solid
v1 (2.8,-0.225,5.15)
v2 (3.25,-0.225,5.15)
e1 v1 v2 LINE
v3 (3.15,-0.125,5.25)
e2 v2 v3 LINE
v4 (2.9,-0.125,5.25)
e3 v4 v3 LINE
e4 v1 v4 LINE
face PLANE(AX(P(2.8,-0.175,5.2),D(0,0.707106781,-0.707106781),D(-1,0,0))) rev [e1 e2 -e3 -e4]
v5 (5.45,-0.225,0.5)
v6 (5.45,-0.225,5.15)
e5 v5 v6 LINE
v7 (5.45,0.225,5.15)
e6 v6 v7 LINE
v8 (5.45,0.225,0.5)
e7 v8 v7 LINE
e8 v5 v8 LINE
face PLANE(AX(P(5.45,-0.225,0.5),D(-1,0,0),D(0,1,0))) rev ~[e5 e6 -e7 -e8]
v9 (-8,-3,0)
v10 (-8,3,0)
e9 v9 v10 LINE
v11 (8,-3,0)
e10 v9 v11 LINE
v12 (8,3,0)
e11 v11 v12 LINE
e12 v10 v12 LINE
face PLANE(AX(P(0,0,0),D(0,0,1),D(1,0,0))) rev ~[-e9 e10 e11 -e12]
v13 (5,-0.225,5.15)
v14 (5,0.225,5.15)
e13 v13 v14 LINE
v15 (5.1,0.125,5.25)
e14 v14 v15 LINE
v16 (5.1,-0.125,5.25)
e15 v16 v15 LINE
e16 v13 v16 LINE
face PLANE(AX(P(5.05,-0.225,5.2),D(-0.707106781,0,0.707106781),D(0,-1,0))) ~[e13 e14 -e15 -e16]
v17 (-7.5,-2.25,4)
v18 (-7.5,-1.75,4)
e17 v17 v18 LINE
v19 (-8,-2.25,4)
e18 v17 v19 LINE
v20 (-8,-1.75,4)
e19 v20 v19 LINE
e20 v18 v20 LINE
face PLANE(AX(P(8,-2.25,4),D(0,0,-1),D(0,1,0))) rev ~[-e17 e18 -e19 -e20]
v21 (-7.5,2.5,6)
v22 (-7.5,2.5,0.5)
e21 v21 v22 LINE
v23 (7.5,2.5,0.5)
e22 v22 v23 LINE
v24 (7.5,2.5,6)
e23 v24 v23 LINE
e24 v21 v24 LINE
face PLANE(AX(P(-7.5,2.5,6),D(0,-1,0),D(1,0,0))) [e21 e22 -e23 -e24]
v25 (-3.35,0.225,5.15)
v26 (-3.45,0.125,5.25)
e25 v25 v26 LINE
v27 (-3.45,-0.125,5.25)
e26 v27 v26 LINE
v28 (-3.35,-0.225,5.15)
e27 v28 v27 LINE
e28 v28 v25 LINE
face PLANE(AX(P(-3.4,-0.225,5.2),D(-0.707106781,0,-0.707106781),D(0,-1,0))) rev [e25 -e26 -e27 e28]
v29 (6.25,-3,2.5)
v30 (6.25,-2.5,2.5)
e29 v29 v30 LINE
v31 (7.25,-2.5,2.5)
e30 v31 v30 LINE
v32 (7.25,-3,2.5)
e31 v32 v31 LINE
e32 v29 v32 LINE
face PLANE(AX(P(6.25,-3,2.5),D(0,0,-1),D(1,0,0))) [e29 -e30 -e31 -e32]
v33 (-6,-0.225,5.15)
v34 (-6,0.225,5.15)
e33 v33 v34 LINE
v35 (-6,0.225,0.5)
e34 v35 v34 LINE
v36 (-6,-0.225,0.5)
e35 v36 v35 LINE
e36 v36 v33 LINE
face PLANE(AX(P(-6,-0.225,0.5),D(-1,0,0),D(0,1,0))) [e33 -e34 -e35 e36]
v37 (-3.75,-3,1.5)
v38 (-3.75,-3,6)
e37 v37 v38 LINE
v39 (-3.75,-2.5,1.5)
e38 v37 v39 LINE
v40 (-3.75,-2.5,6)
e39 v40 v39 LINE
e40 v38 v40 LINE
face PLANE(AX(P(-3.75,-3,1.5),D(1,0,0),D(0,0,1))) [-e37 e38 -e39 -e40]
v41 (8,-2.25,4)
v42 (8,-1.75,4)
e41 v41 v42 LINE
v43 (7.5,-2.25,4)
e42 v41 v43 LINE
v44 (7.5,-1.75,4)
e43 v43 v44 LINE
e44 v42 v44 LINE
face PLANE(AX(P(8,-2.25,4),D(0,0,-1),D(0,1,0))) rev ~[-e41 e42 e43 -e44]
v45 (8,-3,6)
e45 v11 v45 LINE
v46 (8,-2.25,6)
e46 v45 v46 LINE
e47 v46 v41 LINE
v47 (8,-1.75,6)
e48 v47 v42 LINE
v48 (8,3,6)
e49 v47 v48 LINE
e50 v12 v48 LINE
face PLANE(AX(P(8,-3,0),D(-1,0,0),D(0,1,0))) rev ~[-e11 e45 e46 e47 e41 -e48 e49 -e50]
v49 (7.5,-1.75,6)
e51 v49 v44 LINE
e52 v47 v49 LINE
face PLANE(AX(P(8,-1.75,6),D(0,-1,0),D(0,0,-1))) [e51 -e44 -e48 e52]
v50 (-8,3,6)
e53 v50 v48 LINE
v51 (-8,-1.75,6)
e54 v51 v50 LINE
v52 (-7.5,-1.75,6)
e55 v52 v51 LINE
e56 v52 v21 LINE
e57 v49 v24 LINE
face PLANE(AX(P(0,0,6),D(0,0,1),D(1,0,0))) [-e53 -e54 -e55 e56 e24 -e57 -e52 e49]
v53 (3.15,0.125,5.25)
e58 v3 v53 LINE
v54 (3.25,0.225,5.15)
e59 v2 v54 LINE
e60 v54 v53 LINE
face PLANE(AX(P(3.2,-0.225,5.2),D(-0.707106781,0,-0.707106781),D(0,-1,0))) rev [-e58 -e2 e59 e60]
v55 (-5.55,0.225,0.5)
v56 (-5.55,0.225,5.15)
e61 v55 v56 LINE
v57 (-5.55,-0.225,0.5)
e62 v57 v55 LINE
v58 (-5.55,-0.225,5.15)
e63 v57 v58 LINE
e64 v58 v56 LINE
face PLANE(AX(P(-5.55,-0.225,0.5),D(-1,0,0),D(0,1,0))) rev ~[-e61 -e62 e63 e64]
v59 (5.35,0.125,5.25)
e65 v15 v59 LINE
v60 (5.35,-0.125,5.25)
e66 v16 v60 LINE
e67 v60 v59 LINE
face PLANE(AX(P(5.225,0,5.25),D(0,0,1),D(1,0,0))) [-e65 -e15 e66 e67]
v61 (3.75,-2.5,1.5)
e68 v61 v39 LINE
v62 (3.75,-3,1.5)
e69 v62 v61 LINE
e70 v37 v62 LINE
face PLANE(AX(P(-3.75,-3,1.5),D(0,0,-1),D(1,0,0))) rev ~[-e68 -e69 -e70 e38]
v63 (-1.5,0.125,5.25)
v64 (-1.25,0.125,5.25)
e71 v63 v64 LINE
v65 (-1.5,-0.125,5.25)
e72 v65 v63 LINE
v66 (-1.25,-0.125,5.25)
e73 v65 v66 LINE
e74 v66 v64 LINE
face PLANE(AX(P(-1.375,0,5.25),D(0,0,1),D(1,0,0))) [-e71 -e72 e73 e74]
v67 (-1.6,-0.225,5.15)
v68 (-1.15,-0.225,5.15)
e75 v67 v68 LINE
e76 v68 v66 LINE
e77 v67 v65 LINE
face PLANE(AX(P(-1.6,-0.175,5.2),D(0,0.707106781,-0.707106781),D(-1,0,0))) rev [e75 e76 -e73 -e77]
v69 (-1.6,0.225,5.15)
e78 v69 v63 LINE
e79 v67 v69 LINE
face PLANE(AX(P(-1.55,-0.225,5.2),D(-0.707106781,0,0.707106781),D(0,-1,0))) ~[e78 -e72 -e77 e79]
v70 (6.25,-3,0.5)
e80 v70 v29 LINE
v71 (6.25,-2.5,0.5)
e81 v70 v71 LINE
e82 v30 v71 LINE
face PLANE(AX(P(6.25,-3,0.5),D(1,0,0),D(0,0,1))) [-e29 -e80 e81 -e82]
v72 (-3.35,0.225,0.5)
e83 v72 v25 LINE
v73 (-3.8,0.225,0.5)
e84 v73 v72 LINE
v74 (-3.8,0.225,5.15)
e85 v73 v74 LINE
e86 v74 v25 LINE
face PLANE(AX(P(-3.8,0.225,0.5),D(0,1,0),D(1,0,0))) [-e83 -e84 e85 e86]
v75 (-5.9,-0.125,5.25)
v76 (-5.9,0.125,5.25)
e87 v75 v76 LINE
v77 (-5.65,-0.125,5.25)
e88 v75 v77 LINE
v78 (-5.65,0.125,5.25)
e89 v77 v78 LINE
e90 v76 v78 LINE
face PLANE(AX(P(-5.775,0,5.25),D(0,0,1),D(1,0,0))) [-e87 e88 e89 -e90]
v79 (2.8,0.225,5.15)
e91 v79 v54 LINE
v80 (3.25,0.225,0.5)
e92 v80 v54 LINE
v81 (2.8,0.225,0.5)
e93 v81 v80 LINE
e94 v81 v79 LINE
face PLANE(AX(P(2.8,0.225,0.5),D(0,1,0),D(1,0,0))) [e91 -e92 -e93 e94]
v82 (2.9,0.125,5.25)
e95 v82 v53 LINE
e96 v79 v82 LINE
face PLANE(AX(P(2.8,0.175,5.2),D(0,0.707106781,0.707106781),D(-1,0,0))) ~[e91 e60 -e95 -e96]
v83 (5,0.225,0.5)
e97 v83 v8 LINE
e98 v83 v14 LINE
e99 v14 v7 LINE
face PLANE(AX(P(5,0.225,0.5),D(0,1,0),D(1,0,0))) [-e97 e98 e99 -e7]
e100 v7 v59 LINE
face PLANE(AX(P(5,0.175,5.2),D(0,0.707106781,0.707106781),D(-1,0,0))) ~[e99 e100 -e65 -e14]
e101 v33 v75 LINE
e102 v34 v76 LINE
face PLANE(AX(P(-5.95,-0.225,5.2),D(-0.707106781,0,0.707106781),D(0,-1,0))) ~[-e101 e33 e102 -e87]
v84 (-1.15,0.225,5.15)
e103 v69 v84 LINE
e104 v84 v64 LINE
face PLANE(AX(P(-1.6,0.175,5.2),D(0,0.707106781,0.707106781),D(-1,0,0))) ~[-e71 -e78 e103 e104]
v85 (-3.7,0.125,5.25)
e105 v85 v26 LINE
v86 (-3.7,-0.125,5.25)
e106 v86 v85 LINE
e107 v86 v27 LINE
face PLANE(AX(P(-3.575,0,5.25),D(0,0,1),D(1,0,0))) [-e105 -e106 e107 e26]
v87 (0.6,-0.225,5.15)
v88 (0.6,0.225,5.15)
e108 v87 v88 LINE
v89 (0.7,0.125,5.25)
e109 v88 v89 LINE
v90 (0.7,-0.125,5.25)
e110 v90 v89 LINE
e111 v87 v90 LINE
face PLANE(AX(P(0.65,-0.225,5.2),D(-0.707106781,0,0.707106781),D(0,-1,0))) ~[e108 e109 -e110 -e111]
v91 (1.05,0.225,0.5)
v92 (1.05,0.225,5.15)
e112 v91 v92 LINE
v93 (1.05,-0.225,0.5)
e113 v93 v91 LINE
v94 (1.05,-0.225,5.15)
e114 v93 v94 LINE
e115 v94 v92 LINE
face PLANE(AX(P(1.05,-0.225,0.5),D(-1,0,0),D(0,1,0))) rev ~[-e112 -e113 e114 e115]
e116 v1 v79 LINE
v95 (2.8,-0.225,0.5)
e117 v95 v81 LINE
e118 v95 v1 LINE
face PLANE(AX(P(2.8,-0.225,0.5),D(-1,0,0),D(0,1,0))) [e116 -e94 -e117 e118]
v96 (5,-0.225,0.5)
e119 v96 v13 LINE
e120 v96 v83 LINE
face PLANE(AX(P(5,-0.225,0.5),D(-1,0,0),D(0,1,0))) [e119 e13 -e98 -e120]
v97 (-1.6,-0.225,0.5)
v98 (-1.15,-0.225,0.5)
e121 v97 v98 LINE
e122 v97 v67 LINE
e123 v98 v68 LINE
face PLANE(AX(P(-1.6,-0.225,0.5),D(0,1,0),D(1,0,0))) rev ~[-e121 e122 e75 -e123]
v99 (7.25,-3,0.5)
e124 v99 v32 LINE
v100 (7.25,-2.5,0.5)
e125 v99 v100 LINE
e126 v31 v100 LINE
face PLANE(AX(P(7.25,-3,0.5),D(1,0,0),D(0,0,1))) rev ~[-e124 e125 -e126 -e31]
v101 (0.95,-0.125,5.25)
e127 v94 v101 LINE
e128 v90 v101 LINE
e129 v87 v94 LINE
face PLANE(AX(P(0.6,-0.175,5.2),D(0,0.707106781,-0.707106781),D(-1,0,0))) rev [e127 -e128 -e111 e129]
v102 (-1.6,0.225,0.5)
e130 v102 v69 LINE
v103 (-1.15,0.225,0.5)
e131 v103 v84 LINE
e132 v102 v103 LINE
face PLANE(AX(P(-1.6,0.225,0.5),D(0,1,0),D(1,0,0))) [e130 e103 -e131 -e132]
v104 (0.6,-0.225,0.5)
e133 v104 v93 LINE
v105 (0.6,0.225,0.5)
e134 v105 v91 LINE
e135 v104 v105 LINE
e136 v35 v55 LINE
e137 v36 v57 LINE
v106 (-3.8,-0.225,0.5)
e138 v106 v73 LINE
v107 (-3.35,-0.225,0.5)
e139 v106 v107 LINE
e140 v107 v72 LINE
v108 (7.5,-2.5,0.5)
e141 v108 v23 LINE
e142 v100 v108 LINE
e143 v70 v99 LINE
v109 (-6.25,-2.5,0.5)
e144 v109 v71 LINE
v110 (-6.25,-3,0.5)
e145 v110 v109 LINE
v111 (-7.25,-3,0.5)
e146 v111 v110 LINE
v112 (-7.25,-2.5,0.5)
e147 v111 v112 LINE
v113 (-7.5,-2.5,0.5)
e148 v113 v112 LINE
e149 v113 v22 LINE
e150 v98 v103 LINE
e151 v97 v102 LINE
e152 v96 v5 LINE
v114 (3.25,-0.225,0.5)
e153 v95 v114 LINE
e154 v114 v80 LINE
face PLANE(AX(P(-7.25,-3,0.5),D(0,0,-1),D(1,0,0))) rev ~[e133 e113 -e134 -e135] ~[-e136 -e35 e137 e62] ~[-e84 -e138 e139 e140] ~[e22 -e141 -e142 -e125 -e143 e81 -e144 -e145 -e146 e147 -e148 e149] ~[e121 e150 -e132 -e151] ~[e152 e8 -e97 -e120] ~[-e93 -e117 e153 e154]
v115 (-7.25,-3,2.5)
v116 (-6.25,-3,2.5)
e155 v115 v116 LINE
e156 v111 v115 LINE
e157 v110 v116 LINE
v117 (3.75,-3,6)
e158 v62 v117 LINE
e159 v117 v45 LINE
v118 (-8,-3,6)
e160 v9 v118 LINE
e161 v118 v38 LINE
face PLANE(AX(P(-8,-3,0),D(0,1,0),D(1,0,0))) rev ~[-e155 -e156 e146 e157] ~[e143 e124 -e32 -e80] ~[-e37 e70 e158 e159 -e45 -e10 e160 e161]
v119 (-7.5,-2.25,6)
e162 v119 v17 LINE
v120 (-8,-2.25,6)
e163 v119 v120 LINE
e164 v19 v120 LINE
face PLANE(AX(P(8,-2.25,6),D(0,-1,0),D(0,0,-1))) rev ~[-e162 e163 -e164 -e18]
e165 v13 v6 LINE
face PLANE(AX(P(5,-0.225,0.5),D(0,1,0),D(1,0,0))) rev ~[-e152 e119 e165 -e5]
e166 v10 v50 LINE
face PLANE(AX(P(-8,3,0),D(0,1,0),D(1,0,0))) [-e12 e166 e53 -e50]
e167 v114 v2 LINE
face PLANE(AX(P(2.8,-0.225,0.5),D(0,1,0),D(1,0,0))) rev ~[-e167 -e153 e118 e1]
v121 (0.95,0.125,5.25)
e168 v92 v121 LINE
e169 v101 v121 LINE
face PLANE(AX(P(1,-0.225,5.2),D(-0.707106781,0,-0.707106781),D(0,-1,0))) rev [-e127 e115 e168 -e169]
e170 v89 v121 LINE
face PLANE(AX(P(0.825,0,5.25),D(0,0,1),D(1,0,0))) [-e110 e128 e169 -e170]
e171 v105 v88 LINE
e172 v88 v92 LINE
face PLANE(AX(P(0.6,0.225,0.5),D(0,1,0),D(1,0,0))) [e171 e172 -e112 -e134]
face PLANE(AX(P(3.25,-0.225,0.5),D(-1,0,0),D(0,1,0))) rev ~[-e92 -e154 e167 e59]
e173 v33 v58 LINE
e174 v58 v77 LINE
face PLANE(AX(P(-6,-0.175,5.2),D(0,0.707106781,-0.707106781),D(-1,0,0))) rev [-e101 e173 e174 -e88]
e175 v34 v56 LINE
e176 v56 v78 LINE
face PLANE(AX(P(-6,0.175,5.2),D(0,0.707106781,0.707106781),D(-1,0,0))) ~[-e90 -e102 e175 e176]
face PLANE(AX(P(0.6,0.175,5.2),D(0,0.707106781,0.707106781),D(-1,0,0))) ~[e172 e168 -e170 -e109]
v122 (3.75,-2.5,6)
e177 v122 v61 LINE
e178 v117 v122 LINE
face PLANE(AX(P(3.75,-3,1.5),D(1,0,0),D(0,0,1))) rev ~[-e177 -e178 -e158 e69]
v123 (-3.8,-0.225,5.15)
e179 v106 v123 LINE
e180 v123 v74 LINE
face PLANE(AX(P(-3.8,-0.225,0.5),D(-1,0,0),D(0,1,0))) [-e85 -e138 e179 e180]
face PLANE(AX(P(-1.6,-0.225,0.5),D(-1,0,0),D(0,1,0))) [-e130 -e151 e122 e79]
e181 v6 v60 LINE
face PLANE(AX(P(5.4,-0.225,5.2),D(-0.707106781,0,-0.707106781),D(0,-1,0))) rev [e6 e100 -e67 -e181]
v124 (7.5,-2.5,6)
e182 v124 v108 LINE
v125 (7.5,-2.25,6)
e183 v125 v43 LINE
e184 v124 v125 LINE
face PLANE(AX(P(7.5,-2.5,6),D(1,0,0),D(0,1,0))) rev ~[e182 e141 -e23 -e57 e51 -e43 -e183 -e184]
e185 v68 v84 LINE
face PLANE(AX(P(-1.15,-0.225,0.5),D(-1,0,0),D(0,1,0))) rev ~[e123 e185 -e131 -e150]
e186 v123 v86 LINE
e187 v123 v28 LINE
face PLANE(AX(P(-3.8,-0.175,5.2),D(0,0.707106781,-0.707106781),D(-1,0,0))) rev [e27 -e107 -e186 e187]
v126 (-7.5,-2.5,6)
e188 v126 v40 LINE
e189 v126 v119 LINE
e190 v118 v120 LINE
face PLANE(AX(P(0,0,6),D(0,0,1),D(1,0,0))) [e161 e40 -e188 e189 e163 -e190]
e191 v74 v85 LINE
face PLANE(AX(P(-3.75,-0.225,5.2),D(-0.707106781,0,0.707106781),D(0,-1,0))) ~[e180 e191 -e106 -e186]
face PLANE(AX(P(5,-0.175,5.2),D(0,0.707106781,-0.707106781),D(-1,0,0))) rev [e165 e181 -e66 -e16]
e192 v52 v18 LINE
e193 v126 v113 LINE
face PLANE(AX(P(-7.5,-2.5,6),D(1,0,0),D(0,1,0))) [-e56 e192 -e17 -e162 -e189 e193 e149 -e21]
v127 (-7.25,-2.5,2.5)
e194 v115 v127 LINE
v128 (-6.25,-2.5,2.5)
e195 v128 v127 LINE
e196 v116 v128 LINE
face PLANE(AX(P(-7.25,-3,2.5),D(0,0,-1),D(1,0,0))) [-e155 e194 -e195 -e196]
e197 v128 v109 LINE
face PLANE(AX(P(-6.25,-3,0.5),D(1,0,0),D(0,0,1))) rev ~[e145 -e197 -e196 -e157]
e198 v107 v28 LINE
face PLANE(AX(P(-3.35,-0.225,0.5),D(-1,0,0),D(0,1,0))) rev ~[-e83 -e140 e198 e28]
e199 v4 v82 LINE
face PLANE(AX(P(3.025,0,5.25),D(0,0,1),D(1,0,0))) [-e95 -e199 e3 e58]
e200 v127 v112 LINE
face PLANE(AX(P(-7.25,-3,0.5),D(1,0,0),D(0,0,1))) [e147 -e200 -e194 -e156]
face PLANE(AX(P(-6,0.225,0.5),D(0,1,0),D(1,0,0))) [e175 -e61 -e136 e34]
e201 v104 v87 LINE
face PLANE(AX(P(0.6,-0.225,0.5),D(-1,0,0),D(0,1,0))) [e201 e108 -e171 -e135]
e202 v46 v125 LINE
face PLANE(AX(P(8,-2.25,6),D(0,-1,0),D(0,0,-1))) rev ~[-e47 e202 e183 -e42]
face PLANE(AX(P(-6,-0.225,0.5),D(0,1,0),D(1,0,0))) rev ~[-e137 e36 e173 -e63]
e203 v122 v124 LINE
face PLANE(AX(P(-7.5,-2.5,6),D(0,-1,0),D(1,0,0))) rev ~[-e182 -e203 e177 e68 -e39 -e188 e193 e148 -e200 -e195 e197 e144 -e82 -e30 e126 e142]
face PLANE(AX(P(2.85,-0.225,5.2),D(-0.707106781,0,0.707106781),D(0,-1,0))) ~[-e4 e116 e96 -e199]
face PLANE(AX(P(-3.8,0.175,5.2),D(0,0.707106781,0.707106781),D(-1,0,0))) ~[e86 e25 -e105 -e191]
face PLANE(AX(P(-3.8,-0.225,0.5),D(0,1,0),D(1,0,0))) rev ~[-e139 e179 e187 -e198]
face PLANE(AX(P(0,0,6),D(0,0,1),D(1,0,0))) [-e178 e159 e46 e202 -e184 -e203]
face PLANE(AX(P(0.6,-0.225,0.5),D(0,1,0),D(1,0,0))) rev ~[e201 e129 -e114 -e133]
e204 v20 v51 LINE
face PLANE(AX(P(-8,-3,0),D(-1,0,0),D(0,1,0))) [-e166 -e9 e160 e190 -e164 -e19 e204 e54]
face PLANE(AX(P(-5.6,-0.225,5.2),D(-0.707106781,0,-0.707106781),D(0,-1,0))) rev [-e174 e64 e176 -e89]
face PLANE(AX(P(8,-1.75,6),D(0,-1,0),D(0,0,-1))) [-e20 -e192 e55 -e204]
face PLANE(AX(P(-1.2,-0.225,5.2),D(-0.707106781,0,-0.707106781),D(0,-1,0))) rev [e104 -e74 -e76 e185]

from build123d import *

# Parameters (mm, degrees)
SZKIC1_W                          = 16
SZKIC1_H                          = 6
DODANIE_WYCI_GNI_CIE1_DEPTH       = 6
SZKIC2_W                          = 15
SZKIC2_H                          = 5
WYTNIJ_WYCI_GNI_CIE1_DEPTH        = 5.5
SZKIC3_W                          = 2
SZKIC3_H                          = 0.5
WYTNIJ_WYCI_GNI_CIE2_DEPTH        = 18.349351573
WYTNIJ_WYCI_GNI_CIE3_REACH        = 13.662
SZKIC4_W                          = 7.5
SZKIC4_H                          = 4.5
WYTNIJ_WYCI_GNI_CIE4_REACH        = 13.662
SZKIC5_W                          = 1
SZKIC5_H                          = 2
SZKIC6_W                          = 0.45
SZKIC6_H                          = 0.45
DODANIE_WYCI_GNI_CIE2_DEPTH       = 4.75
SFAZOWANIE1_SIZE                  = 0.1
SZYK_LINIOWY1_COUNT               = 6
SZYK_LINIOWY1_PITCH               = 2.2
SFAZOWANIE1_OF_SZYK_LINIOWY1_SIZE = 0.1


with BuildPart() as part:
    # Szkic1 → Dodanie-wyciągnięcie1 (new body)
    with BuildSketch(Plane.XY):
        Rectangle(SZKIC1_W, SZKIC1_H)
    extrude(amount=DODANIE_WYCI_GNI_CIE1_DEPTH)

    # Szkic2 → Wytnij-wyciągnięcie1 (cut)
    with BuildSketch(Plane.XY.offset(6)):
        Rectangle(SZKIC2_W, SZKIC2_H)
    extrude(amount=-WYTNIJ_WYCI_GNI_CIE1_DEPTH, mode=Mode.SUBTRACT)

    # Szkic3 → Wytnij-wyciągnięcie2 (cut, through all)
    with BuildSketch(Plane(origin=(8, 0, 0), x_dir=(0, 0, -1), z_dir=(1, 0, 0))):
        with Locations((-5, -2)):
            Rectangle(SZKIC3_W, SZKIC3_H)
    extrude(amount=-WYTNIJ_WYCI_GNI_CIE2_DEPTH, mode=Mode.SUBTRACT)

    # Szkic4 → Wytnij-wyciągnięcie3 (cut, up to next)
    with BuildSketch(Plane.XZ.offset(3), mode=Mode.PRIVATE) as wytnij_wyci_gni_cie3_sk1:
        with Locations((0, 3.75)):
            Rectangle(SZKIC4_W, SZKIC4_H)
    wytnij_wyci_gni_cie3_tool1 = extrude(wytnij_wyci_gni_cie3_sk1.sketch, amount=-WYTNIJ_WYCI_GNI_CIE3_REACH, mode=Mode.PRIVATE) & part.part
    add(wytnij_wyci_gni_cie3_tool1.solids().sort_by_distance((0, -3, 3.75))[0], mode=Mode.SUBTRACT)

    # Szkic5 → Wytnij-wyciągnięcie4 (cut, up to next)
    with BuildSketch(Plane.XZ.offset(3), mode=Mode.PRIVATE) as wytnij_wyci_gni_cie4_sk1:
        with Locations((-6.75, 1.5)):
            Rectangle(SZKIC5_W, SZKIC5_H)
    wytnij_wyci_gni_cie4_tool1 = extrude(wytnij_wyci_gni_cie4_sk1.sketch, amount=-WYTNIJ_WYCI_GNI_CIE4_REACH, mode=Mode.PRIVATE) & part.part
    # Szkic5 → Wytnij-wyciągnięcie4 (cut, up to next)
    with BuildSketch(Plane.XZ.offset(3), mode=Mode.PRIVATE) as wytnij_wyci_gni_cie4_sk2:
        with Locations((6.75, 1.5)):
            Rectangle(SZKIC5_W, SZKIC5_H)
    wytnij_wyci_gni_cie4_tool2 = extrude(wytnij_wyci_gni_cie4_sk2.sketch, amount=-WYTNIJ_WYCI_GNI_CIE4_REACH, mode=Mode.PRIVATE) & part.part
    add(wytnij_wyci_gni_cie4_tool1.solids().sort_by_distance((-6.75, -3, 1.5))[0], mode=Mode.SUBTRACT)
    add(wytnij_wyci_gni_cie4_tool2.solids().sort_by_distance((6.75, -3, 1.5))[0], mode=Mode.SUBTRACT)

    # Szkic6 → Dodanie-wyciągnięcie2 (add)
    with BuildSketch(Plane.XY.offset(0.5)):
        with Locations((-5.775, 0)):
            Rectangle(SZKIC6_W, SZKIC6_H)
    dodanie_wyci_gni_cie2 = extrude(amount=DODANIE_WYCI_GNI_CIE2_DEPTH)

    # Sfazowanie1
    sfazowanie1_edges = [part.edges().sort_by_distance(p)[0] for p in [
        (-5.55, 0, 5.25),
        (-5.775, 0.225, 5.25),
        (-6, 0, 5.25),
        (-5.775, -0.225, 5.25),
    ]]
    chamfer(sfazowanie1_edges, length=SFAZOWANIE1_SIZE)

    # Szyk liniowy1: Dodanie-wyciągnięcie2 ×6
    with Locations(*[(i * SZYK_LINIOWY1_PITCH, 0, 0) for i in range(1, SZYK_LINIOWY1_COUNT)]):
        add(dodanie_wyci_gni_cie2)

    # Sfazowanie1 of Szyk liniowy1
    sfazowanie1_of_szyk_liniowy1_edges = [part.edges().sort_by_distance(p)[0] for p in [
        (-3.35, 0, 5.25),
        (-3.575, 0.225, 5.25),
        (-3.8, 0, 5.25),
        (-3.575, -0.225, 5.25),
        (-1.15, 0, 5.25),
        (-1.375, 0.225, 5.25),
        (-1.6, 0, 5.25),
        (-1.375, -0.225, 5.25),
        (1.05, 0, 5.25),
        (0.825, 0.225, 5.25),
        (0.6, 0, 5.25),
        (0.825, -0.225, 5.25),
        (3.25, 0, 5.25),
        (3.025, 0.225, 5.25),
        (2.8, 0, 5.25),
        (3.025, -0.225, 5.25),
        (5.45, 0, 5.25),
        (5.225, 0.225, 5.25),
        (5, 0, 5.25),
        (5.225, -0.225, 5.25),
    ]]
    chamfer(sfazowanie1_of_szyk_liniowy1_edges, length=SFAZOWANIE1_OF_SZYK_LINIOWY1_SIZE)


solid = part.part
